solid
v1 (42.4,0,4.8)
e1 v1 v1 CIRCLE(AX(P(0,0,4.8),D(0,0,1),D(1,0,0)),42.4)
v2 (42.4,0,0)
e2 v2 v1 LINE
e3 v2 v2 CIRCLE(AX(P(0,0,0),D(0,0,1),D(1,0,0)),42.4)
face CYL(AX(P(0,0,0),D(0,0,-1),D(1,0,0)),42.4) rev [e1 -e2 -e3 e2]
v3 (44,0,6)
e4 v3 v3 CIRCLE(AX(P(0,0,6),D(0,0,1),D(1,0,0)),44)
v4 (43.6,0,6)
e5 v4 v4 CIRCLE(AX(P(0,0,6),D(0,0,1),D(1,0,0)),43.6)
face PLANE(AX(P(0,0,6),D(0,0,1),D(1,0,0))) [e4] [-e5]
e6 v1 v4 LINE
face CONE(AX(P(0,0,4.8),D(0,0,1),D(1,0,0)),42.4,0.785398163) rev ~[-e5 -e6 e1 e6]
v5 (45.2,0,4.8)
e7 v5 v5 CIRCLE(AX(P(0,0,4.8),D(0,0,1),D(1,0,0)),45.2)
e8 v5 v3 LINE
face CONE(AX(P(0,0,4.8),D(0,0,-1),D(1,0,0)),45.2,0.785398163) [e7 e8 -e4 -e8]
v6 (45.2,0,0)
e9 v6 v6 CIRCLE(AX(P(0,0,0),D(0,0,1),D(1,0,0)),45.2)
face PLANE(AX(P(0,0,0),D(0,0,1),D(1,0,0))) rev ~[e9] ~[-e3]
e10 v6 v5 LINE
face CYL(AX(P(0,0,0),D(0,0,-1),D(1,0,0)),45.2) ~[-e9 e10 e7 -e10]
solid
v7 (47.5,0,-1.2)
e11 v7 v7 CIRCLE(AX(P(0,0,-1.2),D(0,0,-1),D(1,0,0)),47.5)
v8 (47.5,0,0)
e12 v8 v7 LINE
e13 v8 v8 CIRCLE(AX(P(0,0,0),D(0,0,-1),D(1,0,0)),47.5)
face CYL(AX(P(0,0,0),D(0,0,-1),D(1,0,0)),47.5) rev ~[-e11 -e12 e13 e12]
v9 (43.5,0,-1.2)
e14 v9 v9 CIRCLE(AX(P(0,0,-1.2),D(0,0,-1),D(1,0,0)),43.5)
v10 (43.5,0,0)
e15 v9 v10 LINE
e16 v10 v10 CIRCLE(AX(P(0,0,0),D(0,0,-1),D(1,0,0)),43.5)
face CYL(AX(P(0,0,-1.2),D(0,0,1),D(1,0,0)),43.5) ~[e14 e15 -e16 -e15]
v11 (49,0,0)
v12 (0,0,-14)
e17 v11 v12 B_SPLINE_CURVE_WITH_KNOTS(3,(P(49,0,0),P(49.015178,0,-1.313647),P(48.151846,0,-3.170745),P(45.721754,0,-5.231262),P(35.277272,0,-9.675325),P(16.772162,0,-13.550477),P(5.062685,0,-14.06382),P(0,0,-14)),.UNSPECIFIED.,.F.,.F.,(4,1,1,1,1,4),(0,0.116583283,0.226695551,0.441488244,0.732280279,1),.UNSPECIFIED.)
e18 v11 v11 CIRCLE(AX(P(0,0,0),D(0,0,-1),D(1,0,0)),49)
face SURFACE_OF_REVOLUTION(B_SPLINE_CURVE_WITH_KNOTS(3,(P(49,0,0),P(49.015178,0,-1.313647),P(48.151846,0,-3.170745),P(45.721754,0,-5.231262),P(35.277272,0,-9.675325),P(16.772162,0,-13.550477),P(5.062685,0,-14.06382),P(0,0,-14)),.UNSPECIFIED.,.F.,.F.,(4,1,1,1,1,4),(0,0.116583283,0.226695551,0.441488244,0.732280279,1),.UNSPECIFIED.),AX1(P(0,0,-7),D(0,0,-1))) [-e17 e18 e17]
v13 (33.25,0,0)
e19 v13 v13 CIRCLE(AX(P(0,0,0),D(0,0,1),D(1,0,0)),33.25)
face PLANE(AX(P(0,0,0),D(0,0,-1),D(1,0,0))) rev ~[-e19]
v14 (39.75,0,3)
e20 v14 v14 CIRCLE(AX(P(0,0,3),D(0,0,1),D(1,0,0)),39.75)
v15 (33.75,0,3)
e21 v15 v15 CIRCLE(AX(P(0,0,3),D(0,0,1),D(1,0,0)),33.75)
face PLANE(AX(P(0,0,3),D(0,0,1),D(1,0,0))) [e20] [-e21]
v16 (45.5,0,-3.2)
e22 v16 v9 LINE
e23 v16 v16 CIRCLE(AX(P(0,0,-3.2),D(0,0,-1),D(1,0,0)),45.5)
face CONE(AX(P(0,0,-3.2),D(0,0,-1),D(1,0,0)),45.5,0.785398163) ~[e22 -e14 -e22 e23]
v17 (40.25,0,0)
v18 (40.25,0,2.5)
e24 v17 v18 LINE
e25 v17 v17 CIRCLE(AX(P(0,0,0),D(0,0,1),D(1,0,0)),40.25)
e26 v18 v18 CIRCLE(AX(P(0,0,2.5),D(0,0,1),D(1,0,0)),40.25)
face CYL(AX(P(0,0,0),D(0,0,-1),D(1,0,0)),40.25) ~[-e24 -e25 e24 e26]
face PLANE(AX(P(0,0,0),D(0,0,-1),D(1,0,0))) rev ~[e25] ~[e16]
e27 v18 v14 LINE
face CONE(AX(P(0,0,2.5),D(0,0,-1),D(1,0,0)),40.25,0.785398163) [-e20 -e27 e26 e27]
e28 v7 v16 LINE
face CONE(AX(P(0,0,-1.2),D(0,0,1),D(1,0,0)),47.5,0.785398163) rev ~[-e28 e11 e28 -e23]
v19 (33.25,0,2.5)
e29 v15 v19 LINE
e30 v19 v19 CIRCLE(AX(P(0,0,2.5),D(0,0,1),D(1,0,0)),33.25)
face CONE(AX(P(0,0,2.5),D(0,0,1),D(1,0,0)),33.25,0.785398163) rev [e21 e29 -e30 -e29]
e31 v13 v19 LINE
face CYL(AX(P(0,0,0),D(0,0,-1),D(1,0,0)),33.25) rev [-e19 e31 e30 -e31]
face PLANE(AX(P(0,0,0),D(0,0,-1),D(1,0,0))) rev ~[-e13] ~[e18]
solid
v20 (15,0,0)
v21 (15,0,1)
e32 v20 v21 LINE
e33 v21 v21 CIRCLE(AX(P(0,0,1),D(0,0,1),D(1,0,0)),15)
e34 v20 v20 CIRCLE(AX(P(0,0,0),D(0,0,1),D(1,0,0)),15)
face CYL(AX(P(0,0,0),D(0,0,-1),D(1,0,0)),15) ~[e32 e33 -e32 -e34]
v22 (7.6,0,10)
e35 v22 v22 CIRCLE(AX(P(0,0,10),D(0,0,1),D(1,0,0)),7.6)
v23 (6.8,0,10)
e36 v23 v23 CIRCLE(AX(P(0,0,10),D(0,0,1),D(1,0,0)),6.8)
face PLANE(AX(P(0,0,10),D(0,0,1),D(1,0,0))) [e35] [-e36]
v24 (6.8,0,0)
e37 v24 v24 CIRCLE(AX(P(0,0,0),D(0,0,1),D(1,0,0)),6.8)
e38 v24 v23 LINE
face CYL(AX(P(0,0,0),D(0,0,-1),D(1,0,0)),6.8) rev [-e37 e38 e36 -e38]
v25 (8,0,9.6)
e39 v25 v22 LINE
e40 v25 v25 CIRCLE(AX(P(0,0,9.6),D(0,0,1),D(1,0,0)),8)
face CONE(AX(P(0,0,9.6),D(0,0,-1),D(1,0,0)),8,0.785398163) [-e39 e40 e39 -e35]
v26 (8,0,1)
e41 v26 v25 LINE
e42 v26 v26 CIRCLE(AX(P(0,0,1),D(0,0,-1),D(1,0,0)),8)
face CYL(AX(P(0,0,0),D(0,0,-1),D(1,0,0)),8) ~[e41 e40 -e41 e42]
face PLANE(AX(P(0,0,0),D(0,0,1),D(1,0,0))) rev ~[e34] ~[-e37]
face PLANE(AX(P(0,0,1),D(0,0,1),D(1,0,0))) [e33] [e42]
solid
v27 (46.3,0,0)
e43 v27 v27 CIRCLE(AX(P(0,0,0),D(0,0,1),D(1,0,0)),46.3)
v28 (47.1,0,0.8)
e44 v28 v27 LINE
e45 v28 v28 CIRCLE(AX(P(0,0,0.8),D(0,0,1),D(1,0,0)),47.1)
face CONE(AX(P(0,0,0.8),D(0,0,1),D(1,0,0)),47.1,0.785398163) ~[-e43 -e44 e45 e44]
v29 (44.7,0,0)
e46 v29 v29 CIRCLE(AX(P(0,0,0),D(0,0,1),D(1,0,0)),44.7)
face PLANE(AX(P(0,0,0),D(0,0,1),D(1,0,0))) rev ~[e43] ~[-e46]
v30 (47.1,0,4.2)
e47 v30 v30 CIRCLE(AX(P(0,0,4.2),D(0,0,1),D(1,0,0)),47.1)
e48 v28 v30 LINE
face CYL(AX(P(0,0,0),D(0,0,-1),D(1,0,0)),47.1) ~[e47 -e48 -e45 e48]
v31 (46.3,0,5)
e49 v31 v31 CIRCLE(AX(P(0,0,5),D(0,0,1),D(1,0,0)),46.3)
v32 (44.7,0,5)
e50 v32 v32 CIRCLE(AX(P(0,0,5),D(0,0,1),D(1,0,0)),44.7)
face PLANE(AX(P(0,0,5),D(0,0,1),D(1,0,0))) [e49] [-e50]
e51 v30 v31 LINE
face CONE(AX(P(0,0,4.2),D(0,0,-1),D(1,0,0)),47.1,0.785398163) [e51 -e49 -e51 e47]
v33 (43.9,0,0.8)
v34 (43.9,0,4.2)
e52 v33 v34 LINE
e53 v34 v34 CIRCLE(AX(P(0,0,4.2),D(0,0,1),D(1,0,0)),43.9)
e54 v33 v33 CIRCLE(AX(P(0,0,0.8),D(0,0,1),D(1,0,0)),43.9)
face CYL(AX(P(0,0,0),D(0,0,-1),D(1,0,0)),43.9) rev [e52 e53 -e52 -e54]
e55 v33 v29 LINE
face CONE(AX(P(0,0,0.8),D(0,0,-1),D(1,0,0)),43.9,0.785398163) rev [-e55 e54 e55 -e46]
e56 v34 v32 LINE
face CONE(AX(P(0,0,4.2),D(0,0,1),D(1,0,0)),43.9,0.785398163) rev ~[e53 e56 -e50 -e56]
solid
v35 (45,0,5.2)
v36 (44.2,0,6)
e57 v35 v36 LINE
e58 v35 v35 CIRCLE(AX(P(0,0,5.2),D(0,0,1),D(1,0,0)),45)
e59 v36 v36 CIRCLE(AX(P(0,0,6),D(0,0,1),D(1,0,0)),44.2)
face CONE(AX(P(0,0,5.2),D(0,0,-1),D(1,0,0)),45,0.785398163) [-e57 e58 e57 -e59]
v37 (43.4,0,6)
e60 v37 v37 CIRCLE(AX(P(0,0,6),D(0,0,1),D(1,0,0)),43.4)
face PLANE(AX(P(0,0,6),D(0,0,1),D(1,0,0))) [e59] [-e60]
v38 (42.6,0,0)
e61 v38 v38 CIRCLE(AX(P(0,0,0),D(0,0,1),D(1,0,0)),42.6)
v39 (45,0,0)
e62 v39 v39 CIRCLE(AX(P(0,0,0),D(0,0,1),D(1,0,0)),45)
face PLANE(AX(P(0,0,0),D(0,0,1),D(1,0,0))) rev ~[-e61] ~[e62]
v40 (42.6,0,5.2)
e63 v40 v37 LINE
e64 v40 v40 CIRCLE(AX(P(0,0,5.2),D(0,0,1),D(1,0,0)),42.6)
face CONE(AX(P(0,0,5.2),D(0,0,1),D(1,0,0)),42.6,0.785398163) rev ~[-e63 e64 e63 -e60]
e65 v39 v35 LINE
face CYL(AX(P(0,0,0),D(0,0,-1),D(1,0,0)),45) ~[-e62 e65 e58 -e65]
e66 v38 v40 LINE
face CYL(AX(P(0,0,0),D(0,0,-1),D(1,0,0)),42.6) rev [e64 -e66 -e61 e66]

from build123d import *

# Parameters (mm, degrees)
F0_R      = 8
F0_R_2    = 6.8
F1_DEPTH  = 10
F2_R      = 15
F2_R_2    = 6.8
F3_DEPTH  = 1
F4_SIZE   = 0.4
F5_R      = 45
F5_R_2    = 42.6
F6_DEPTH  = 6
F7_SIZE   = 0.8
F8_R      = 45.2
F8_R_2    = 42.4
F9_DEPTH  = 6
F10_SIZE  = 1.2
F14_R     = 47.1
F14_R_2   = 43.9
F15_DEPTH = 5
F16_SIZE  = 0.8
F17_R     = 40.25
F17_R_2   = 33.25
F18_DEPTH = 3
F19_SIZE  = 0.5


with BuildPart() as f1:
    # F0 (on Top) → F1 (new body)
    with BuildSketch(Plane.XY):
        Circle(F0_R)
        Circle(F0_R_2, mode=Mode.SUBTRACT)
    extrude(amount=F1_DEPTH)

    # F2 (on Top) → F3 (join)
    with BuildSketch(Plane.XY):
        Circle(F2_R)
        Circle(F2_R_2, mode=Mode.SUBTRACT)
    extrude(amount=F3_DEPTH)

    # F4
    f4_edges = [f1.edges().sort_by_distance(p)[0] for p in [
        (-8, 0, 10),
    ]]
    chamfer(f4_edges, length=F4_SIZE)


with BuildPart() as f6:
    # F5 (on Top) → F6 (new body)
    with BuildSketch(Plane.XY):
        Circle(F5_R)
        Circle(F5_R_2, mode=Mode.SUBTRACT)
    extrude(amount=F6_DEPTH)

    # F7
    f7_edges = [f6.edges().sort_by_distance(p)[0] for p in [
        (-45, 0, 6),
        (-42.6, 0, 6),
    ]]
    chamfer(f7_edges, length=F7_SIZE)


with BuildPart() as f9:
    # F8 (on Top) → F9 (new body)
    with BuildSketch(Plane.XY):
        Circle(F8_R)
        Circle(F8_R_2, mode=Mode.SUBTRACT)
    extrude(amount=F9_DEPTH)

    # F10
    f10_edges = [f9.edges().sort_by_distance(p)[0] for p in [
        (-45.2, 0, 6),
        (-42.4, 0, 6),
    ]]
    chamfer(f10_edges, length=F10_SIZE)


with BuildPart() as f13:
    # F12 (on Front) → F13 (revolve)
    with BuildSketch(Plane.XZ):
        with BuildLine():
            Line((43.5, 0), (0, 0))
            Line((0, 0), (0, -14))
            add(Edge.make_bspline(
                [(49, 0), (49.0151784853, -1.3136469579), (48.1518462537, -3.1707451559), (45.7217539731, -5.2312616098), (35.2772718221, -9.6753253645), (16.7721624811, -13.5504767598), (5.0626850614, -14.0638199223), (0, -14)],
                knots=[0, 0, 0, 0, 0.1165832834, 0.2266955512, 0.4414882436, 0.732280279, 1, 1, 1, 1], degree=3))
            Line((49, 0), (47.5, 0))
            Line((47.5, 0), (47.5, -1.2))
            Line((47.5, -1.2), (45.5, -3.2))
            Line((45.5, -3.2), (43.5, -1.2))
            Line((43.5, -1.2), (43.5, 0))
        make_face()
    revolve(axis=Axis((0, 0, -7), (0, 0, -1)))

    # F17 (on face) → F18 (join)
    with BuildSketch(Plane.XY):
        Circle(F17_R)
        Circle(F17_R_2, mode=Mode.SUBTRACT)
    extrude(amount=F18_DEPTH)

    # F19
    f19_edges = [f13.edges().sort_by_distance(p)[0] for p in [
        (-40.25, 0, 3),
        (-33.25, 0, 3),
    ]]
    chamfer(f19_edges, length=F19_SIZE)


with BuildPart() as f15:
    # F14 (on face) → F15 (new body)
    with BuildSketch(Plane.XY):
        Circle(F14_R)
        Circle(F14_R_2, mode=Mode.SUBTRACT)
    extrude(amount=F15_DEPTH)

    # F16
    f16_edges = [f15.edges().sort_by_distance(p)[0] for p in [
        (-47.1, 0, 5),
        (-43.9, 0, 5),
        (-47.1, 0, 0),
        (-43.9, 0, 0),
    ]]
    chamfer(f16_edges, length=F16_SIZE)


solid = Compound([f1.part, f6.part, f9.part, f13.part, f15.part])
